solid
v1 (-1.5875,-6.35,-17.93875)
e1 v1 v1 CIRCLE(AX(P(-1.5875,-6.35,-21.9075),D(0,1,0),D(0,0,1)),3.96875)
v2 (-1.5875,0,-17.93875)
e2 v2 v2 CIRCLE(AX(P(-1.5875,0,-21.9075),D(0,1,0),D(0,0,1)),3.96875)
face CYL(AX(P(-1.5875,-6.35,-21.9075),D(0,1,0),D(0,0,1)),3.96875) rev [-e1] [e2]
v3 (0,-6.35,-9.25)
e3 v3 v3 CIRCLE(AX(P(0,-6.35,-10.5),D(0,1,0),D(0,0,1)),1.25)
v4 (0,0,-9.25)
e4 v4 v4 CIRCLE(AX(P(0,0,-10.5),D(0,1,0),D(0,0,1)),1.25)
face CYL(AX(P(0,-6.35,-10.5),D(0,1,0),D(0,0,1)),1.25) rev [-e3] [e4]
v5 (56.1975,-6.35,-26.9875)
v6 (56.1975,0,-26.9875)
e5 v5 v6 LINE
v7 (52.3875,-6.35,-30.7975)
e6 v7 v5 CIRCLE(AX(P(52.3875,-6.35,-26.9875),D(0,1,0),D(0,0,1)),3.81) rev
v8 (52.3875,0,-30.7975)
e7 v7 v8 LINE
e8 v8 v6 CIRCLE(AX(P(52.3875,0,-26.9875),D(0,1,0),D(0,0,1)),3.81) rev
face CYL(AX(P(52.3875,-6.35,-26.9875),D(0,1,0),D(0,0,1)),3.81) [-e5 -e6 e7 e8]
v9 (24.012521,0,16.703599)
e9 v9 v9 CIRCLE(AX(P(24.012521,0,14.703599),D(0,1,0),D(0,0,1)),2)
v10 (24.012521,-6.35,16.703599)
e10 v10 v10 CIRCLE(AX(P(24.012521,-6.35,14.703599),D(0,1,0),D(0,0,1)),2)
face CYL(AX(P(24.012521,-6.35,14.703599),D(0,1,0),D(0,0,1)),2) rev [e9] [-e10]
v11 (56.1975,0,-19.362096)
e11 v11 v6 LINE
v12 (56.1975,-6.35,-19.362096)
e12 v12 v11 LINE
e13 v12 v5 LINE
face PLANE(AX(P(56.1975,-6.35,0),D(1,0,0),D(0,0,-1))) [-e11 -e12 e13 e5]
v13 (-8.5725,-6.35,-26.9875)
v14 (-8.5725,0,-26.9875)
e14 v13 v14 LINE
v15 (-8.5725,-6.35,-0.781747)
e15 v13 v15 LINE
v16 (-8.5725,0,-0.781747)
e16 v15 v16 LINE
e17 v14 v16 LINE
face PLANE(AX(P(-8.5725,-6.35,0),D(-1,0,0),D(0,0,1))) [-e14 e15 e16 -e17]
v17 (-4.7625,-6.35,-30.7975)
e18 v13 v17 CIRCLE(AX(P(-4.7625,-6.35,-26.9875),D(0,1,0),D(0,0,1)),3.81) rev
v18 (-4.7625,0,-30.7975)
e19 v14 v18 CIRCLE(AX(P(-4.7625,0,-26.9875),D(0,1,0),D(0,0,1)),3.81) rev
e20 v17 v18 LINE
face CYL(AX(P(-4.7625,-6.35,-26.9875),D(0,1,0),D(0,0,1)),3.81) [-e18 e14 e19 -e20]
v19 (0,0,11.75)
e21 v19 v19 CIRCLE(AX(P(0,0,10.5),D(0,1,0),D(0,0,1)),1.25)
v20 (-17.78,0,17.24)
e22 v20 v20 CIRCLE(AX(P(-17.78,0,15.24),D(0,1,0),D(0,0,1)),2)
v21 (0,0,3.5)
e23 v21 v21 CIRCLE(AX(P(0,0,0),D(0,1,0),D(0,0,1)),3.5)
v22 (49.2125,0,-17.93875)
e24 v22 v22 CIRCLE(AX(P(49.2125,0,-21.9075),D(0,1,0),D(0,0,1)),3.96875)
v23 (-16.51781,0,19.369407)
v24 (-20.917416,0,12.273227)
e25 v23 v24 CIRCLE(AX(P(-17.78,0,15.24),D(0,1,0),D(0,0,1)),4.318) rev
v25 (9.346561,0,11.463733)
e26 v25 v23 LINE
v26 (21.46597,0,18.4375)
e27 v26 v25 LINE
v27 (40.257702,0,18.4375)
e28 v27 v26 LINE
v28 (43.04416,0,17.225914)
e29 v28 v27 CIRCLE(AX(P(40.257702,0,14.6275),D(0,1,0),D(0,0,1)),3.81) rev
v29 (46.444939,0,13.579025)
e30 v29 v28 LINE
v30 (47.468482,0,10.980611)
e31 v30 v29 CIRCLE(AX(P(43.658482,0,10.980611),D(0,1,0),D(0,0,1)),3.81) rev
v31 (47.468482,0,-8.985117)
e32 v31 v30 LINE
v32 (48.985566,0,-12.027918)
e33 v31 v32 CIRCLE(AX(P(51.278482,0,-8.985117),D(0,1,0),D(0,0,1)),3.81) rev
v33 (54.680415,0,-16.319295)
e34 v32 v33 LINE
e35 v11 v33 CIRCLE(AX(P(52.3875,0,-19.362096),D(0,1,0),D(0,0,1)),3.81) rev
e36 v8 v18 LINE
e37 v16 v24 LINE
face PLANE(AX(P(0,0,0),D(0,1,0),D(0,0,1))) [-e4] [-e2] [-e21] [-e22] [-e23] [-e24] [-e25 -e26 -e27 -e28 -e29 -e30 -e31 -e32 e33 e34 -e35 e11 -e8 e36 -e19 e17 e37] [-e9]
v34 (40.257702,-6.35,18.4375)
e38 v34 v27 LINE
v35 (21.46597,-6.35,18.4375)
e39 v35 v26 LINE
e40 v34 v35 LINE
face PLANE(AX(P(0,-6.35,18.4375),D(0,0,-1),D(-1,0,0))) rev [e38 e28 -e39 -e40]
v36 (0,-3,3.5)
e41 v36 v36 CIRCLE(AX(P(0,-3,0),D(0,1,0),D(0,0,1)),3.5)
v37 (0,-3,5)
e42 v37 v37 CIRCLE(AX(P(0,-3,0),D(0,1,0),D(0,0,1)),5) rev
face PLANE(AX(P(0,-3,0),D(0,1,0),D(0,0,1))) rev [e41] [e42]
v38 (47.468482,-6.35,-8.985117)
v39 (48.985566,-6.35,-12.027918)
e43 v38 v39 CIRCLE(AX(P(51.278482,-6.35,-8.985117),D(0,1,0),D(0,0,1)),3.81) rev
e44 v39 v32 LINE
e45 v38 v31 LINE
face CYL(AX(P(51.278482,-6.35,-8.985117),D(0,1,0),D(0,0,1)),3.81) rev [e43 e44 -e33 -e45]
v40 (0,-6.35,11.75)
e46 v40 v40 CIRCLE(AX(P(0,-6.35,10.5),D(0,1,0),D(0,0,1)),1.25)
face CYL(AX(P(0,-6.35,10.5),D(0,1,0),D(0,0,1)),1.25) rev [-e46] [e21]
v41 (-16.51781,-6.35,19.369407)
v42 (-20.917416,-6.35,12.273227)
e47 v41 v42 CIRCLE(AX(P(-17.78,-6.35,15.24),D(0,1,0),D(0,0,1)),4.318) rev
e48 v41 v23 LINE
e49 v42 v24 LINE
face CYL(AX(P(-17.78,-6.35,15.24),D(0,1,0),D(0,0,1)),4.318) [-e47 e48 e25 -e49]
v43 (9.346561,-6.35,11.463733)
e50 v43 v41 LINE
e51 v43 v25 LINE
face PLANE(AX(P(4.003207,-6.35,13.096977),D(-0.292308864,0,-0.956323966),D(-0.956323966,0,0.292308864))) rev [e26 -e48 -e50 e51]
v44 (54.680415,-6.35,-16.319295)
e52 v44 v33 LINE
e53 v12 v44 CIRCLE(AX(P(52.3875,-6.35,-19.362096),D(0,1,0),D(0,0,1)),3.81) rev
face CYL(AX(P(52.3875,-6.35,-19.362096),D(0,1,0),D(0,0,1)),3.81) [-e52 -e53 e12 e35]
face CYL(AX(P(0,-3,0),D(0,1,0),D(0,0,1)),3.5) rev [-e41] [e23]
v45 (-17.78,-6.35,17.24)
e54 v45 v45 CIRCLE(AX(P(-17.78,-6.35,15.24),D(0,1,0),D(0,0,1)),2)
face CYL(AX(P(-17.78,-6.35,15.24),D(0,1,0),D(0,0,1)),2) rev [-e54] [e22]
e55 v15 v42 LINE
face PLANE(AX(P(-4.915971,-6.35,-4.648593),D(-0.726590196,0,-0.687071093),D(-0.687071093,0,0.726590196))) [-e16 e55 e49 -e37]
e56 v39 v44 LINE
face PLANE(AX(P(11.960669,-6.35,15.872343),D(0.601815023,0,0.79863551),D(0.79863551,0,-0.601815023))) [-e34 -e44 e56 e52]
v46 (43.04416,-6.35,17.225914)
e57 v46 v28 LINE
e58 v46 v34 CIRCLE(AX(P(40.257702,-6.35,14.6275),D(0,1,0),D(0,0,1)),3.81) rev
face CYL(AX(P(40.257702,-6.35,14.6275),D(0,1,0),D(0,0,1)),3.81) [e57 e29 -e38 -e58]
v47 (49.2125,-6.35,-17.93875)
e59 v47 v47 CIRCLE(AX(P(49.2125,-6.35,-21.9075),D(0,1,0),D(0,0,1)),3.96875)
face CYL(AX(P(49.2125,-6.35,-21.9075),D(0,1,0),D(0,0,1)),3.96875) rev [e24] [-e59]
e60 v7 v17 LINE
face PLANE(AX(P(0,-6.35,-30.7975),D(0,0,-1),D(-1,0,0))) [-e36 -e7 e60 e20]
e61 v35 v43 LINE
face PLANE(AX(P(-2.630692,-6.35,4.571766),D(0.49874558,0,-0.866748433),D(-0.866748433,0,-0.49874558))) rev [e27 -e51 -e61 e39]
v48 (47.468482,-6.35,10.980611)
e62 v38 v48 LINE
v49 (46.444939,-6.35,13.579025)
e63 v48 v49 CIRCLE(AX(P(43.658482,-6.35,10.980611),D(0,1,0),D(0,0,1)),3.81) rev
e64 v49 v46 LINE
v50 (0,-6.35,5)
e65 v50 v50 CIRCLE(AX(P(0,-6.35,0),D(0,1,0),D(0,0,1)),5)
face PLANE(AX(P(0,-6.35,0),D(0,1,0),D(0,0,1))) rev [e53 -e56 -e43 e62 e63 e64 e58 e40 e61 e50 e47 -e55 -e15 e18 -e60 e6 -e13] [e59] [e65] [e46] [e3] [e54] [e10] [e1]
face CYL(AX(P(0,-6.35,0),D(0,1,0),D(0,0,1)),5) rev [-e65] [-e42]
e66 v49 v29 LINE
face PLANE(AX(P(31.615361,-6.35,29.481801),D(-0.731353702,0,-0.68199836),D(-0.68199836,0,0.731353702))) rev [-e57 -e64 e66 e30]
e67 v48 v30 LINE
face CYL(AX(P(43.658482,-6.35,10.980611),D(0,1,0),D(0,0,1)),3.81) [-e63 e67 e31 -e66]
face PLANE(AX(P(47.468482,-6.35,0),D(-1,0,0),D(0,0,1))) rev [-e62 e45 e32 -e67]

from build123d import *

# Parameters (mm, degrees)
SKETCH4_R           = 2
SKETCH4_R_2         = 1.25
SKETCH4_R_3         = 5
SKETCH4_R_4         = 3.96875
BOSS_EXTRUDE2_DEPTH = 6.35
SKETCH33_R          = 5
SKETCH33_R_2        = 3.499999985
BOSS_EXTRUDE6_DEPTH = 3


with BuildPart() as part:
    # Sketch4 → Boss-Extrude2 (new body)
    # profile 1 of 2: a face of its own
    with BuildSketch(Plane(origin=(0, 0, 0), x_dir=(1, 0, 0), z_dir=(0, 1, 0))):
        with BuildLine():
            Line((21.46596982, -18.4375), (40.257702493, -18.4375))
            ThreePointArc((40.257702493, -18.4375), (41.776936446, -18.121498883), (43.044160097, -17.225913752))
            Line((43.044160097, -17.225913752), (46.444939319, -13.579024524))
            ThreePointArc((46.444939319, -13.579024524), (47.203372649, -12.376980446), (47.468481715, -10.980610773))
            Line((47.468481715, -10.980610773), (47.468481715, 8.985116992))
            ThreePointArc((47.468481715, 8.985116992), (47.868781798, 10.685130659), (48.985566477, 12.027918285))
            Line((48.985566477, 12.027918285), (54.680415238, 16.319294633))
            ThreePointArc((54.680415238, 16.319294633), (55.797199918, 17.662082259), (56.1975, 19.362095927))
            Line((56.1975, 19.362095927), (56.1975, 26.9875))
            ThreePointArc((56.1975, 26.9875), (55.081576836, 29.681576836), (52.3875, 30.7975))
            Line((52.3875, 30.7975), (-4.7625, 30.7975))
            ThreePointArc((-4.7625, 30.7975), (-7.456576836, 29.681576836), (-8.5725, 26.9875))
            Line((-8.5725, 26.9875), (-8.5725, 0.781747009))
            Line((-8.5725, 0.781747009), (-20.917416467, -12.27322702))
            ThreePointArc((-20.917416467, -12.27322702), (-21.4498857, -17.515316011), (-16.517810325, -19.369406885))
            Line((-16.517810325, -19.369406885), (9.346561417, -11.463733294))
            Line((9.346561417, -11.463733294), (21.46596982, -18.4375))
        make_face()
        with Locations(Location((-17.78, -15.24, 0), (0, 0, 270))):
            Circle(SKETCH4_R, mode=Mode.SUBTRACT)
        with Locations(Location((0, -10.5, 0), (0, 0, 270))):
            Circle(SKETCH4_R_2, mode=Mode.SUBTRACT)
        with Locations(Location((0, 0, 0), (0, 0, 270))):
            Circle(SKETCH4_R_3, mode=Mode.SUBTRACT)
        with Locations(Location((24.012521227, -14.703599027, 0), (0, 0, 270))):
            Circle(SKETCH4_R, mode=Mode.SUBTRACT)
        with Locations(Location((0, 10.5, 0), (0, 0, 270))):
            Circle(SKETCH4_R_2, mode=Mode.SUBTRACT)
        with Locations(Location((-1.5875, 21.9075, 0), (0, 0, 270))):
            Circle(SKETCH4_R_4, mode=Mode.SUBTRACT)
        with Locations(Location((49.2125, 21.9075, 0), (0, 0, 270))):
            Circle(SKETCH4_R_4, mode=Mode.SUBTRACT)
    # profile 2 of 2: a face of its own
    with BuildSketch(Plane(origin=(0, 0, 0), x_dir=(1, 0, 0), z_dir=(0, 1, 0))):
        with BuildLine():
            Line((21.46596982, -18.4375), (40.257702493, -18.4375))
            ThreePointArc((40.257702493, -18.4375), (41.776936446, -18.121498883), (43.044160097, -17.225913752))
            Line((43.044160097, -17.225913752), (46.444939319, -13.579024524))
            ThreePointArc((46.444939319, -13.579024524), (47.203372649, -12.376980446), (47.468481715, -10.980610773))
            Line((47.468481715, -10.980610773), (47.468481715, 8.985116992))
            ThreePointArc((47.468481715, 8.985116992), (47.868781798, 10.685130659), (48.985566477, 12.027918285))
            Line((48.985566477, 12.027918285), (54.680415238, 16.319294633))
            ThreePointArc((54.680415238, 16.319294633), (55.797199918, 17.662082259), (56.1975, 19.362095927))
            Line((56.1975, 19.362095927), (56.1975, 26.9875))
            ThreePointArc((56.1975, 26.9875), (55.081576836, 29.681576836), (52.3875, 30.7975))
            Line((52.3875, 30.7975), (-4.7625, 30.7975))
            ThreePointArc((-4.7625, 30.7975), (-7.456576836, 29.681576836), (-8.5725, 26.9875))
            Line((-8.5725, 26.9875), (-8.5725, 0.781747009))
            Line((-8.5725, 0.781747009), (-20.917416467, -12.27322702))
            ThreePointArc((-20.917416467, -12.27322702), (-21.4498857, -17.515316011), (-16.517810325, -19.369406885))
            Line((-16.517810325, -19.369406885), (9.346561417, -11.463733294))
            Line((9.346561417, -11.463733294), (21.46596982, -18.4375))
        make_face()
        with Locations(Location((-17.78, -15.24, 0), (0, 0, 270))):
            Circle(SKETCH4_R, mode=Mode.SUBTRACT)
        with Locations(Location((0, -10.5, 0), (0, 0, 270))):
            Circle(SKETCH4_R_2, mode=Mode.SUBTRACT)
        with Locations(Location((0, 0, 0), (0, 0, 270))):
            Circle(SKETCH4_R_3, mode=Mode.SUBTRACT)
        with Locations(Location((24.012521227, -14.703599027, 0), (0, 0, 270))):
            Circle(SKETCH4_R, mode=Mode.SUBTRACT)
        with Locations(Location((0, 10.5, 0), (0, 0, 270))):
            Circle(SKETCH4_R_2, mode=Mode.SUBTRACT)
        with Locations(Location((-1.5875, 21.9075, 0), (0, 0, 270))):
            Circle(SKETCH4_R_4, mode=Mode.SUBTRACT)
        with Locations(Location((49.2125, 21.9075, 0), (0, 0, 270))):
            Circle(SKETCH4_R_4, mode=Mode.SUBTRACT)
    extrude(amount=-BOSS_EXTRUDE2_DEPTH)

    # Sketch33 → Boss-Extrude6 (add)
    with BuildSketch(Plane(origin=(0, 0, 0), x_dir=(1, 0, 0), z_dir=(0, 1, 0))):
        with Locations(Location((0, 0, 0), (0, 0, 270))):
            Circle(SKETCH33_R)
        with Locations(Location((0, 0, 0), (0, 0, 270))):
            Circle(SKETCH33_R_2, mode=Mode.SUBTRACT)
    extrude(amount=-BOSS_EXTRUDE6_DEPTH)


solid = part.part
